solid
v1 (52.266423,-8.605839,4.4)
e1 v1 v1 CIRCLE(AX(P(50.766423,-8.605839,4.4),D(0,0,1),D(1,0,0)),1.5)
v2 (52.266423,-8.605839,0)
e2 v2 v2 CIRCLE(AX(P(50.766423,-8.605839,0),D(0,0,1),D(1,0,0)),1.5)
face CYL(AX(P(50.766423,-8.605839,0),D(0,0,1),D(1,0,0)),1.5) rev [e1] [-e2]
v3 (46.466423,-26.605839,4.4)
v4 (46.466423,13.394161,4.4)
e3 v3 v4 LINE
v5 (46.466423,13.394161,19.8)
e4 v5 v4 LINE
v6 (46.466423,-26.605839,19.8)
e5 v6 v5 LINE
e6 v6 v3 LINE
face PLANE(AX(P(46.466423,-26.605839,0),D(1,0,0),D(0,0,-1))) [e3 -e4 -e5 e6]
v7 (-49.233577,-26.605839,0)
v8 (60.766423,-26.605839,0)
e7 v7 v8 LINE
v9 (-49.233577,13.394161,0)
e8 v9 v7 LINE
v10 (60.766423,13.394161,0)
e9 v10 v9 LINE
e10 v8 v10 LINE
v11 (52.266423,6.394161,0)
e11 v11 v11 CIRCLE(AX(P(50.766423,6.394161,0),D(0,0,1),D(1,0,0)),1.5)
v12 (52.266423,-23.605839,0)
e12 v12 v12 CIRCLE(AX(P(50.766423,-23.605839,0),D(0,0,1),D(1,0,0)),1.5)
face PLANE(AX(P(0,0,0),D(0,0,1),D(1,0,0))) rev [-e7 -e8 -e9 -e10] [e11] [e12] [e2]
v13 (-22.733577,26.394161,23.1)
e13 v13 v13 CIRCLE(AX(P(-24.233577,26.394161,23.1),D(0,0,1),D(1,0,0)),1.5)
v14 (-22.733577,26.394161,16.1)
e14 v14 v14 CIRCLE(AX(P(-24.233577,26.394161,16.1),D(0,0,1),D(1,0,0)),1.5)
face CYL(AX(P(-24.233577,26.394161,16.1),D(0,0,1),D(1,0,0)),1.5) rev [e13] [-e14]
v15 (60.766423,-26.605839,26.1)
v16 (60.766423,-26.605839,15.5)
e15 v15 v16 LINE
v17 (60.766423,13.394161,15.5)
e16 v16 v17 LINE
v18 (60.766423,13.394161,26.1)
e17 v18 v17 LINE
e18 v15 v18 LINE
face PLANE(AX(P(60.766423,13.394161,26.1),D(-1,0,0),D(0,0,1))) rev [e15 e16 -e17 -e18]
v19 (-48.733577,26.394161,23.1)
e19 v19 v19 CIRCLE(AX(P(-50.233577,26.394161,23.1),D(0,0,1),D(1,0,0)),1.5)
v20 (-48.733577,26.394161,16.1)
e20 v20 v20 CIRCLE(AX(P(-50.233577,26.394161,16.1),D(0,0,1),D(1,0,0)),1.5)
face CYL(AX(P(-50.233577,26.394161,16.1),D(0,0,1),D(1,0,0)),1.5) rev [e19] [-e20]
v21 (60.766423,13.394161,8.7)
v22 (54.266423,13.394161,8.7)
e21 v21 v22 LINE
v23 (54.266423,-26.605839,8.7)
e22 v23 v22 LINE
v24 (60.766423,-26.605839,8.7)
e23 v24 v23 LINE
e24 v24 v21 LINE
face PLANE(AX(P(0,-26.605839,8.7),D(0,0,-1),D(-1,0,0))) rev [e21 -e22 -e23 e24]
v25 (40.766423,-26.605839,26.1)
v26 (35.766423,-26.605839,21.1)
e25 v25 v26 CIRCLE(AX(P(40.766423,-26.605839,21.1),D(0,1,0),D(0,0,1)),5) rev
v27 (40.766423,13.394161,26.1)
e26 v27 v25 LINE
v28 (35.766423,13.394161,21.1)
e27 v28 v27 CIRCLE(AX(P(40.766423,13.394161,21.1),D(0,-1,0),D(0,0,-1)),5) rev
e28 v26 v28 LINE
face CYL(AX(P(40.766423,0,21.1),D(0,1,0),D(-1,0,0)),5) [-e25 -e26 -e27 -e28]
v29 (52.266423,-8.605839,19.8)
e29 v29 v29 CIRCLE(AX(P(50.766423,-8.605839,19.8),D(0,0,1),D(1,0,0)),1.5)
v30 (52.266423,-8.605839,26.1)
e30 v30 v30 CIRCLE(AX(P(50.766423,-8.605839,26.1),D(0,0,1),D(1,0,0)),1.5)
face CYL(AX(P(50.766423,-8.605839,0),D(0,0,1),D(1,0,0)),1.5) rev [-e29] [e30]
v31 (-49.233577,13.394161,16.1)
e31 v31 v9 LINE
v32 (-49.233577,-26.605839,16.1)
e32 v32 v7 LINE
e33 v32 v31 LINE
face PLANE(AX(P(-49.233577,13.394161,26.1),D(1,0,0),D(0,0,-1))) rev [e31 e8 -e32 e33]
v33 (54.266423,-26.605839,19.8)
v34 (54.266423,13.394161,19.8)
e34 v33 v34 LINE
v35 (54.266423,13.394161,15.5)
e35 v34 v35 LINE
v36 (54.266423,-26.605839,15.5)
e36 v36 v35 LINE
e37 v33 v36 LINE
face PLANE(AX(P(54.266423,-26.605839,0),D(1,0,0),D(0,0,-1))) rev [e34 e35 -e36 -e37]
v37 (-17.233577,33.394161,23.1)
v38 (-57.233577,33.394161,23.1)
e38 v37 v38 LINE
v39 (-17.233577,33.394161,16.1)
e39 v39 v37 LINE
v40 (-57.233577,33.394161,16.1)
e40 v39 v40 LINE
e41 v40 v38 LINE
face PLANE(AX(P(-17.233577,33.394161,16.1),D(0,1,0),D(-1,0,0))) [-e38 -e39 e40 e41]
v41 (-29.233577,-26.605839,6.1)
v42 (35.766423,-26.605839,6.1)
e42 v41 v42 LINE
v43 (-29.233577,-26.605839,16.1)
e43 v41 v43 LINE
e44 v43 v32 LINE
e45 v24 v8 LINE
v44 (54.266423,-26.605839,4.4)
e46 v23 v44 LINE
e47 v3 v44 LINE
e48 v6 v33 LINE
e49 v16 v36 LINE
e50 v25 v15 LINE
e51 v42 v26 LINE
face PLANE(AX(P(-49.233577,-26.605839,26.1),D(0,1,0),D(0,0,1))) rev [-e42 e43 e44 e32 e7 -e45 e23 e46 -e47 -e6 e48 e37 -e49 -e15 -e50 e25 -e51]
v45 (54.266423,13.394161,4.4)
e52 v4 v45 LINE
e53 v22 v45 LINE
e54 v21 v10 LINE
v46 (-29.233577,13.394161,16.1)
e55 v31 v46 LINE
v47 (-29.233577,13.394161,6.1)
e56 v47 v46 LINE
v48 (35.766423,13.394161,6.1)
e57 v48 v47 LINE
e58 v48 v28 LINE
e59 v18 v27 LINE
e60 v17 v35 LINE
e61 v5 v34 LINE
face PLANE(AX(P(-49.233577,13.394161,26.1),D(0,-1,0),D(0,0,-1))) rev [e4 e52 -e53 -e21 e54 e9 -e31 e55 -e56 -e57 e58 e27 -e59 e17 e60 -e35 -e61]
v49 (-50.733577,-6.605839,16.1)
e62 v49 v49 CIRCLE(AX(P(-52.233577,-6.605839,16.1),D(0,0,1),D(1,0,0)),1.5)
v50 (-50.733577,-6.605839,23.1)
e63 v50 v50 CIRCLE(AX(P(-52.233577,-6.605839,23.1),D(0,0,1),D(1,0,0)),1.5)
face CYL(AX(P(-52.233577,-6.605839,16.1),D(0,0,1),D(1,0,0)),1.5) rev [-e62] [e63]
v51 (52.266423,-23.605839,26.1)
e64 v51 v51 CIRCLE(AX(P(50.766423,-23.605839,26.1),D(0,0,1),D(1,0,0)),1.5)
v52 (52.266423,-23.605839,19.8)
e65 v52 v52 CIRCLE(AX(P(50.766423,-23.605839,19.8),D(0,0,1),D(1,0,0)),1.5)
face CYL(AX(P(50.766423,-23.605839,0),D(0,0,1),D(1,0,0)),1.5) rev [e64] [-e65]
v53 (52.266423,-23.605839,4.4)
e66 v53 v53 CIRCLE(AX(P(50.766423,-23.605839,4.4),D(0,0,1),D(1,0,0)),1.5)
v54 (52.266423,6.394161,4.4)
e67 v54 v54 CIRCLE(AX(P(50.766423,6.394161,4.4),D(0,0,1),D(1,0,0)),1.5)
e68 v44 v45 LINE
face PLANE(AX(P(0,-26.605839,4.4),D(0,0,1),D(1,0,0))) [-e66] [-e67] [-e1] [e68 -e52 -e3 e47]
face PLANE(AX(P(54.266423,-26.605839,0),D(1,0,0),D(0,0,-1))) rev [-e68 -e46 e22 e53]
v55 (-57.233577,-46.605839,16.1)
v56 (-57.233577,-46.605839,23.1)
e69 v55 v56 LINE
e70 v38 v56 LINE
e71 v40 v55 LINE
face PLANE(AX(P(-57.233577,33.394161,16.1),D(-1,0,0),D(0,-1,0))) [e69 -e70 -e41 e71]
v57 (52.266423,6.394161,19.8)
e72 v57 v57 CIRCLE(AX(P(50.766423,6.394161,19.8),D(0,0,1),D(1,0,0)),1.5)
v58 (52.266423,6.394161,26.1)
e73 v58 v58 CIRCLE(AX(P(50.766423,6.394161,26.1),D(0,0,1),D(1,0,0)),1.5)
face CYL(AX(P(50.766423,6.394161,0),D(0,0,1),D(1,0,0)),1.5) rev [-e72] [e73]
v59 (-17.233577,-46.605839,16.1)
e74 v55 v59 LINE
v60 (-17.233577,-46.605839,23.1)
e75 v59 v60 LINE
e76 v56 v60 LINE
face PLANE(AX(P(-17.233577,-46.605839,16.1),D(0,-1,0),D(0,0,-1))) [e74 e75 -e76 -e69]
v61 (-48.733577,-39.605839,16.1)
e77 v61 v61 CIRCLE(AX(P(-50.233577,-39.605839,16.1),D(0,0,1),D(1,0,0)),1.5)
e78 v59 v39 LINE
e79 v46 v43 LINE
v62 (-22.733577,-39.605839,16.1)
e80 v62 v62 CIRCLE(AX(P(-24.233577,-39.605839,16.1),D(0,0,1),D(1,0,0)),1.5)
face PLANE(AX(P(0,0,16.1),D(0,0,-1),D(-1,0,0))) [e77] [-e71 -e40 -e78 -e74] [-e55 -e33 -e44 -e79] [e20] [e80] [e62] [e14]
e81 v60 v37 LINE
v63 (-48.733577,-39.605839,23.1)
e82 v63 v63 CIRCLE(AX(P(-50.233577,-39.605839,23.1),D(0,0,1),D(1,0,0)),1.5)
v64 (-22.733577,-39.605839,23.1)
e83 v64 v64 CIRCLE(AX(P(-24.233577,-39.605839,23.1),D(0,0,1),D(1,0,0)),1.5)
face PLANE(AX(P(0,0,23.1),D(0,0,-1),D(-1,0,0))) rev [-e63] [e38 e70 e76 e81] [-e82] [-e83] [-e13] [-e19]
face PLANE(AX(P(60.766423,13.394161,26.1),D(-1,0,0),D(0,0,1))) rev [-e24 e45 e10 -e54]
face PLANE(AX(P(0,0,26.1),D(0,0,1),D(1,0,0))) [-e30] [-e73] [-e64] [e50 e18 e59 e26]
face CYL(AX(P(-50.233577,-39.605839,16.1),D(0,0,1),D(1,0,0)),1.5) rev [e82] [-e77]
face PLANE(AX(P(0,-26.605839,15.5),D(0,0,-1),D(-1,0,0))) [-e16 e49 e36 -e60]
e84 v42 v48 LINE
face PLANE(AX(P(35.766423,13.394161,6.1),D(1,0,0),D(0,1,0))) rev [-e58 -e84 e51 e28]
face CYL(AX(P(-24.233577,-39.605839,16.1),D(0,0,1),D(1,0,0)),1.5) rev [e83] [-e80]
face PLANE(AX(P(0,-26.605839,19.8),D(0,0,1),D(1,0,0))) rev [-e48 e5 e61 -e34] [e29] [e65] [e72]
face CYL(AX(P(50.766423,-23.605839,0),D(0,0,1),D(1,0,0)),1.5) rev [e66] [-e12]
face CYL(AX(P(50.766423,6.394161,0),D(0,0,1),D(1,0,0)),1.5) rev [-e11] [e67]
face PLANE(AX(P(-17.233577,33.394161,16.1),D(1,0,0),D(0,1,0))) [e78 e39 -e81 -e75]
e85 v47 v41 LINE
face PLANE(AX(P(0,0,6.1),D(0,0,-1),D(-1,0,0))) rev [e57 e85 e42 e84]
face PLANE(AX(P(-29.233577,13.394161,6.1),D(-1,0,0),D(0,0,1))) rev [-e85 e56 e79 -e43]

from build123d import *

# Parameters (mm, degrees)
SKETCH1_W           = 110
SKETCH1_H           = 40
BOSS_EXTRUDE1_DEPTH = 26.1
SKETCH2_W           = 6.5
SKETCH2_H           = 6.8
CUT_EXTRUDE1_DEPTH  = 41
SKETCH3_W           = 65
SKETCH3_H           = 40
CUT_EXTRUDE2_DEPTH  = 20
SKETCH5_R           = 1.5
CUT_EXTRUDE3_DEPTH  = 27.1
FILLET1_R           = 5
SKETCH8_W           = 20
SKETCH8_H           = 40
CUT_EXTRUDE4_DEPTH  = 3
SKETCH9_W           = 40
SKETCH9_H           = 80
BOSS_EXTRUDE3_DEPTH = 7
SKETCH10_R          = 1.5
CUT_EXTRUDE5_DEPTH  = 7


with BuildPart() as part:
    # Sketch1 → Boss-Extrude1 (new body)
    with BuildSketch(Plane.XY):
        with Locations((5.766423358, -6.605839416)):
            Rectangle(SKETCH1_W, SKETCH1_H)
    extrude(amount=BOSS_EXTRUDE1_DEPTH)

    # Sketch2 → Cut-Extrude1 (cut, through all)
    with BuildSketch(Plane(origin=(0, 13.394160584, 0), x_dir=(1, 0, 0), z_dir=(0, 1, 0))):
        with Locations((57.516423358, -12.1)):
            Rectangle(SKETCH2_W, SKETCH2_H)
        Polygon((54.266423358, -19.8), (54.266423358, -15.5), (54.266423358, -8.7), (54.266423358, -4.4), (46.466423358, -4.4), (46.466423358, -19.8), align=None)
    extrude(amount=-CUT_EXTRUDE1_DEPTH, mode=Mode.SUBTRACT)

    # Sketch3 → Cut-Extrude2 (cut)
    with BuildSketch(Plane.XY.offset(26.1)):
        with Locations((3.266423358, -6.605839416)):
            Rectangle(SKETCH3_W, SKETCH3_H)
    extrude(amount=-CUT_EXTRUDE2_DEPTH, mode=Mode.SUBTRACT)

    # Sketch5 → Cut-Extrude3 (cut, through all)
    with BuildSketch(Plane.XY.offset(26.1)):
        with Locations((50.766423358, 6.394160584)):
            Circle(SKETCH5_R)
        with Locations((50.766423358, -8.605839416)):
            Circle(SKETCH5_R)
        with Locations((50.766423358, -23.605839416)):
            Circle(SKETCH5_R)
    extrude(amount=-CUT_EXTRUDE3_DEPTH, mode=Mode.SUBTRACT)

    # Fillet1
    fillet1_edges = [part.edges().sort_by_distance(p)[0] for p in [
        (35.766423358, -6.605839416, 26.1),
    ]]
    fillet(fillet1_edges, radius=FILLET1_R)

    # Sketch8 → Cut-Extrude4 (cut)
    with BuildSketch(Plane.XY.offset(26.1)):
        with Locations((-39.233576642, -6.605839416)):
            Rectangle(SKETCH8_W, SKETCH8_H)
    extrude(amount=-CUT_EXTRUDE4_DEPTH, mode=Mode.SUBTRACT)

    # Sketch9 → Boss-Extrude3 (add)
    with BuildSketch(Plane.XY.offset(23.1)):
        with Locations((-37.233576642, -6.605839416)):
            Rectangle(SKETCH9_W, SKETCH9_H)
    extrude(amount=-BOSS_EXTRUDE3_DEPTH)

    # Sketch10 → Cut-Extrude5 (cut)
    with BuildSketch(Plane.XY.offset(23.1)):
        with Locations((-24.233576642, 26.394160584)):
            Circle(SKETCH10_R)
        with Locations((-50.233576642, 26.394160584)):
            Circle(SKETCH10_R)
        with Locations((-52.233576642, -6.605839416)):
            Circle(SKETCH10_R)
        with Locations((-50.233576642, -39.605839416)):
            Circle(SKETCH10_R)
        with Locations((-24.233576642, -39.605839416)):
            Circle(SKETCH10_R)
    extrude(amount=-CUT_EXTRUDE5_DEPTH, mode=Mode.SUBTRACT)


solid = part.part
